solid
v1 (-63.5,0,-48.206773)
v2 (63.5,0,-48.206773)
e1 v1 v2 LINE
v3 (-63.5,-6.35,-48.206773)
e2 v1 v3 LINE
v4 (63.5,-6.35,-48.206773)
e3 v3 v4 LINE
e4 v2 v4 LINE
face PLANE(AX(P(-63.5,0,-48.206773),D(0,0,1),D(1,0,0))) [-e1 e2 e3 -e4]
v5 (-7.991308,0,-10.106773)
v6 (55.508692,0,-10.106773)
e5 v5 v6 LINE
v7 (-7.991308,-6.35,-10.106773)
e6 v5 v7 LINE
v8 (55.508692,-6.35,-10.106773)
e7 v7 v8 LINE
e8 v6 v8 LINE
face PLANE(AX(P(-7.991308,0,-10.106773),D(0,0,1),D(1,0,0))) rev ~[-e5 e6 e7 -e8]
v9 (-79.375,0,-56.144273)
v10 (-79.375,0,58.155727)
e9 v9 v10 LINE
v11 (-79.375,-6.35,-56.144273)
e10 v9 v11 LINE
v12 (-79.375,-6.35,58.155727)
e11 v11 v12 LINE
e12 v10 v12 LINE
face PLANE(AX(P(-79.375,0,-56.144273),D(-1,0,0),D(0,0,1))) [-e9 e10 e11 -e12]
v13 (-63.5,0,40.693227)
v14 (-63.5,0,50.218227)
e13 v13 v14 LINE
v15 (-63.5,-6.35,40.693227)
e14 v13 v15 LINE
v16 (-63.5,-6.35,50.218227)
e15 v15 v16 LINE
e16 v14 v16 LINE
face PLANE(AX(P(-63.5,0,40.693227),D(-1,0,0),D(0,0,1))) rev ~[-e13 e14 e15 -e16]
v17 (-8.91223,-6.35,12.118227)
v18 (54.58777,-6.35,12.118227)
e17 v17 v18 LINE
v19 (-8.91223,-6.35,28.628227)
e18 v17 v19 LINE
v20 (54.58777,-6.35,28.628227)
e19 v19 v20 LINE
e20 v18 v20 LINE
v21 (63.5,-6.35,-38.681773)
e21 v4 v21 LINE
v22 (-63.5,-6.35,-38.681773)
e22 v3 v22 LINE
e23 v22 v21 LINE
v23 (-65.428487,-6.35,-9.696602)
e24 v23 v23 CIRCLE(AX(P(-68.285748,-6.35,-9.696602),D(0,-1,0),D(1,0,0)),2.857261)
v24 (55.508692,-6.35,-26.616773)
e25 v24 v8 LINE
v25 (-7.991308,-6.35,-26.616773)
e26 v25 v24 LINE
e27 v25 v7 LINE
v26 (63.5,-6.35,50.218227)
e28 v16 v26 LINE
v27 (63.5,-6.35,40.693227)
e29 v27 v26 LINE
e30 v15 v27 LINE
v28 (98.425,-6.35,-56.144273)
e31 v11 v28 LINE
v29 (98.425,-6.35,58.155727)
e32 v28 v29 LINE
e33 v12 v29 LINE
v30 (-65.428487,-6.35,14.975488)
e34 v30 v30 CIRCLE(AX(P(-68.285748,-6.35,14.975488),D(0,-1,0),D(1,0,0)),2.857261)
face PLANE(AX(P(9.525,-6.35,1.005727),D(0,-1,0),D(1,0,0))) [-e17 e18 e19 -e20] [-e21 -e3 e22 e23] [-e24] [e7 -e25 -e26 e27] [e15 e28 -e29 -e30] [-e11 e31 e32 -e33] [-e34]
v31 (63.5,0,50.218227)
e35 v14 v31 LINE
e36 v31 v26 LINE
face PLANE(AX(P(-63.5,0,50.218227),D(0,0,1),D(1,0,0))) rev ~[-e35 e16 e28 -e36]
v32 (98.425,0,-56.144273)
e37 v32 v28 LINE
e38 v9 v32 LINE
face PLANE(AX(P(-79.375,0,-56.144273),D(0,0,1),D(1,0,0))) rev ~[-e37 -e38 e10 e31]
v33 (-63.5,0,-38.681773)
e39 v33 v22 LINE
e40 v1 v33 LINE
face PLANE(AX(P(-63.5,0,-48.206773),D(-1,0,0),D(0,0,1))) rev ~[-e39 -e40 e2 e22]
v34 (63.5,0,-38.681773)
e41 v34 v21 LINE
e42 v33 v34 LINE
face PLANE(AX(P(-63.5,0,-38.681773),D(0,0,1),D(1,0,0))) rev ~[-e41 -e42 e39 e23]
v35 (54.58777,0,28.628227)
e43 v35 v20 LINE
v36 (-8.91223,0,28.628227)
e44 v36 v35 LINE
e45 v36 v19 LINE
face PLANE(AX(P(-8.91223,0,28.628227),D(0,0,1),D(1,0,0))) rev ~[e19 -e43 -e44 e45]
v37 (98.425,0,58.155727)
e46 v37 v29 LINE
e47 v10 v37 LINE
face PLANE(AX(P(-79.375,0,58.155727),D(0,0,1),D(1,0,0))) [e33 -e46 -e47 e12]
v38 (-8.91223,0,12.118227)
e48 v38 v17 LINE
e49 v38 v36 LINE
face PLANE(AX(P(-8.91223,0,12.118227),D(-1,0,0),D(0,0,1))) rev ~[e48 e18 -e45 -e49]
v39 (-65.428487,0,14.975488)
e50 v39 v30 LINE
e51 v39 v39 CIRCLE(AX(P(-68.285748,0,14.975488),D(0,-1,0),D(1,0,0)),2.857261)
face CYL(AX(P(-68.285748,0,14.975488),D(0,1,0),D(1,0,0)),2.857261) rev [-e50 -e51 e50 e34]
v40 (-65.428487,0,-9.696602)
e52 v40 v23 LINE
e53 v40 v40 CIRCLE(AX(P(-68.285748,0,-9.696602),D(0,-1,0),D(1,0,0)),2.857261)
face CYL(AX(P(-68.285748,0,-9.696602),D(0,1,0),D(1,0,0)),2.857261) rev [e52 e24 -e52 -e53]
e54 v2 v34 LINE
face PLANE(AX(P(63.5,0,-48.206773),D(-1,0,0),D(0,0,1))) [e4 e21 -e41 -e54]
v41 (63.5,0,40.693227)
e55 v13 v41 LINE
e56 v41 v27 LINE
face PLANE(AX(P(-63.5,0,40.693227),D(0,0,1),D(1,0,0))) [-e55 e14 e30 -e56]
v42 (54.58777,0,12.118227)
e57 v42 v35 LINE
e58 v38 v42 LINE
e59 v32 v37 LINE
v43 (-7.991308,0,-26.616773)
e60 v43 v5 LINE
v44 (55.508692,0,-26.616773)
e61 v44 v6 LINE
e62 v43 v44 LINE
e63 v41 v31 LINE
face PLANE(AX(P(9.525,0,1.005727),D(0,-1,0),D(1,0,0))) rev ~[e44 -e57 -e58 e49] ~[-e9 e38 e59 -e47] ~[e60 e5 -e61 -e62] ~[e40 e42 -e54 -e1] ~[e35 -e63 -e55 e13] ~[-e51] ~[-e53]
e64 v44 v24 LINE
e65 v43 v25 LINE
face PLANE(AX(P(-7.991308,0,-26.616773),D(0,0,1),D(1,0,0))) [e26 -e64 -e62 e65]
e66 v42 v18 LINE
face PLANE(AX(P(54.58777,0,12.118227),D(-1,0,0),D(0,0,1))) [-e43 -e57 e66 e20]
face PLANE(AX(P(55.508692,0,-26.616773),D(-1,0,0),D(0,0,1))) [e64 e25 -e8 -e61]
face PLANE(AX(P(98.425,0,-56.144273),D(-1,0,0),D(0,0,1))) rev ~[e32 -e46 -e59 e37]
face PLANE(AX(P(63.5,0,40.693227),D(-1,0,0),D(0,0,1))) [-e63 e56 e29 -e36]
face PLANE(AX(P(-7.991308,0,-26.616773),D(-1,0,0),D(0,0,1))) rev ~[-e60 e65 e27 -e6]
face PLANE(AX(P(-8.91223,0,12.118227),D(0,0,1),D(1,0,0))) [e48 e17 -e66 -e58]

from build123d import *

# Parameters (mm, degrees)
F0_W     = 177.8
F0_H     = 114.3
F0_W_2   = 127
F0_H_2   = 9.525
F0_R     = 2.857261
F0_W_3   = 63.5
F0_H_3   = 16.51
F1_DEPTH = 6.35


with BuildPart() as f1:
    # F0 (on Front) → F1 (new body)
    with BuildSketch(Plane.XZ):
        with Locations((9.525, 1.005727)):
            Rectangle(F0_W, F0_H)
        with Locations((0, -43.444273)):
            Rectangle(F0_W_2, F0_H_2, mode=Mode.SUBTRACT)
        with Locations((-68.285748, -9.696602)):
            Circle(F0_R, mode=Mode.SUBTRACT)
        with Locations((23.758692, -18.361773)):
            Rectangle(F0_W_3, F0_H_3, mode=Mode.SUBTRACT)
        with Locations((-68.285748, 14.975488)):
            Circle(F0_R, mode=Mode.SUBTRACT)
        with Locations((0, 45.455727)):
            Rectangle(F0_W_2, F0_H_2, mode=Mode.SUBTRACT)
        with Locations((22.83777, 20.373227)):
            Rectangle(F0_W_3, F0_H_3, mode=Mode.SUBTRACT)
    extrude(amount=F1_DEPTH)


solid = f1.part
